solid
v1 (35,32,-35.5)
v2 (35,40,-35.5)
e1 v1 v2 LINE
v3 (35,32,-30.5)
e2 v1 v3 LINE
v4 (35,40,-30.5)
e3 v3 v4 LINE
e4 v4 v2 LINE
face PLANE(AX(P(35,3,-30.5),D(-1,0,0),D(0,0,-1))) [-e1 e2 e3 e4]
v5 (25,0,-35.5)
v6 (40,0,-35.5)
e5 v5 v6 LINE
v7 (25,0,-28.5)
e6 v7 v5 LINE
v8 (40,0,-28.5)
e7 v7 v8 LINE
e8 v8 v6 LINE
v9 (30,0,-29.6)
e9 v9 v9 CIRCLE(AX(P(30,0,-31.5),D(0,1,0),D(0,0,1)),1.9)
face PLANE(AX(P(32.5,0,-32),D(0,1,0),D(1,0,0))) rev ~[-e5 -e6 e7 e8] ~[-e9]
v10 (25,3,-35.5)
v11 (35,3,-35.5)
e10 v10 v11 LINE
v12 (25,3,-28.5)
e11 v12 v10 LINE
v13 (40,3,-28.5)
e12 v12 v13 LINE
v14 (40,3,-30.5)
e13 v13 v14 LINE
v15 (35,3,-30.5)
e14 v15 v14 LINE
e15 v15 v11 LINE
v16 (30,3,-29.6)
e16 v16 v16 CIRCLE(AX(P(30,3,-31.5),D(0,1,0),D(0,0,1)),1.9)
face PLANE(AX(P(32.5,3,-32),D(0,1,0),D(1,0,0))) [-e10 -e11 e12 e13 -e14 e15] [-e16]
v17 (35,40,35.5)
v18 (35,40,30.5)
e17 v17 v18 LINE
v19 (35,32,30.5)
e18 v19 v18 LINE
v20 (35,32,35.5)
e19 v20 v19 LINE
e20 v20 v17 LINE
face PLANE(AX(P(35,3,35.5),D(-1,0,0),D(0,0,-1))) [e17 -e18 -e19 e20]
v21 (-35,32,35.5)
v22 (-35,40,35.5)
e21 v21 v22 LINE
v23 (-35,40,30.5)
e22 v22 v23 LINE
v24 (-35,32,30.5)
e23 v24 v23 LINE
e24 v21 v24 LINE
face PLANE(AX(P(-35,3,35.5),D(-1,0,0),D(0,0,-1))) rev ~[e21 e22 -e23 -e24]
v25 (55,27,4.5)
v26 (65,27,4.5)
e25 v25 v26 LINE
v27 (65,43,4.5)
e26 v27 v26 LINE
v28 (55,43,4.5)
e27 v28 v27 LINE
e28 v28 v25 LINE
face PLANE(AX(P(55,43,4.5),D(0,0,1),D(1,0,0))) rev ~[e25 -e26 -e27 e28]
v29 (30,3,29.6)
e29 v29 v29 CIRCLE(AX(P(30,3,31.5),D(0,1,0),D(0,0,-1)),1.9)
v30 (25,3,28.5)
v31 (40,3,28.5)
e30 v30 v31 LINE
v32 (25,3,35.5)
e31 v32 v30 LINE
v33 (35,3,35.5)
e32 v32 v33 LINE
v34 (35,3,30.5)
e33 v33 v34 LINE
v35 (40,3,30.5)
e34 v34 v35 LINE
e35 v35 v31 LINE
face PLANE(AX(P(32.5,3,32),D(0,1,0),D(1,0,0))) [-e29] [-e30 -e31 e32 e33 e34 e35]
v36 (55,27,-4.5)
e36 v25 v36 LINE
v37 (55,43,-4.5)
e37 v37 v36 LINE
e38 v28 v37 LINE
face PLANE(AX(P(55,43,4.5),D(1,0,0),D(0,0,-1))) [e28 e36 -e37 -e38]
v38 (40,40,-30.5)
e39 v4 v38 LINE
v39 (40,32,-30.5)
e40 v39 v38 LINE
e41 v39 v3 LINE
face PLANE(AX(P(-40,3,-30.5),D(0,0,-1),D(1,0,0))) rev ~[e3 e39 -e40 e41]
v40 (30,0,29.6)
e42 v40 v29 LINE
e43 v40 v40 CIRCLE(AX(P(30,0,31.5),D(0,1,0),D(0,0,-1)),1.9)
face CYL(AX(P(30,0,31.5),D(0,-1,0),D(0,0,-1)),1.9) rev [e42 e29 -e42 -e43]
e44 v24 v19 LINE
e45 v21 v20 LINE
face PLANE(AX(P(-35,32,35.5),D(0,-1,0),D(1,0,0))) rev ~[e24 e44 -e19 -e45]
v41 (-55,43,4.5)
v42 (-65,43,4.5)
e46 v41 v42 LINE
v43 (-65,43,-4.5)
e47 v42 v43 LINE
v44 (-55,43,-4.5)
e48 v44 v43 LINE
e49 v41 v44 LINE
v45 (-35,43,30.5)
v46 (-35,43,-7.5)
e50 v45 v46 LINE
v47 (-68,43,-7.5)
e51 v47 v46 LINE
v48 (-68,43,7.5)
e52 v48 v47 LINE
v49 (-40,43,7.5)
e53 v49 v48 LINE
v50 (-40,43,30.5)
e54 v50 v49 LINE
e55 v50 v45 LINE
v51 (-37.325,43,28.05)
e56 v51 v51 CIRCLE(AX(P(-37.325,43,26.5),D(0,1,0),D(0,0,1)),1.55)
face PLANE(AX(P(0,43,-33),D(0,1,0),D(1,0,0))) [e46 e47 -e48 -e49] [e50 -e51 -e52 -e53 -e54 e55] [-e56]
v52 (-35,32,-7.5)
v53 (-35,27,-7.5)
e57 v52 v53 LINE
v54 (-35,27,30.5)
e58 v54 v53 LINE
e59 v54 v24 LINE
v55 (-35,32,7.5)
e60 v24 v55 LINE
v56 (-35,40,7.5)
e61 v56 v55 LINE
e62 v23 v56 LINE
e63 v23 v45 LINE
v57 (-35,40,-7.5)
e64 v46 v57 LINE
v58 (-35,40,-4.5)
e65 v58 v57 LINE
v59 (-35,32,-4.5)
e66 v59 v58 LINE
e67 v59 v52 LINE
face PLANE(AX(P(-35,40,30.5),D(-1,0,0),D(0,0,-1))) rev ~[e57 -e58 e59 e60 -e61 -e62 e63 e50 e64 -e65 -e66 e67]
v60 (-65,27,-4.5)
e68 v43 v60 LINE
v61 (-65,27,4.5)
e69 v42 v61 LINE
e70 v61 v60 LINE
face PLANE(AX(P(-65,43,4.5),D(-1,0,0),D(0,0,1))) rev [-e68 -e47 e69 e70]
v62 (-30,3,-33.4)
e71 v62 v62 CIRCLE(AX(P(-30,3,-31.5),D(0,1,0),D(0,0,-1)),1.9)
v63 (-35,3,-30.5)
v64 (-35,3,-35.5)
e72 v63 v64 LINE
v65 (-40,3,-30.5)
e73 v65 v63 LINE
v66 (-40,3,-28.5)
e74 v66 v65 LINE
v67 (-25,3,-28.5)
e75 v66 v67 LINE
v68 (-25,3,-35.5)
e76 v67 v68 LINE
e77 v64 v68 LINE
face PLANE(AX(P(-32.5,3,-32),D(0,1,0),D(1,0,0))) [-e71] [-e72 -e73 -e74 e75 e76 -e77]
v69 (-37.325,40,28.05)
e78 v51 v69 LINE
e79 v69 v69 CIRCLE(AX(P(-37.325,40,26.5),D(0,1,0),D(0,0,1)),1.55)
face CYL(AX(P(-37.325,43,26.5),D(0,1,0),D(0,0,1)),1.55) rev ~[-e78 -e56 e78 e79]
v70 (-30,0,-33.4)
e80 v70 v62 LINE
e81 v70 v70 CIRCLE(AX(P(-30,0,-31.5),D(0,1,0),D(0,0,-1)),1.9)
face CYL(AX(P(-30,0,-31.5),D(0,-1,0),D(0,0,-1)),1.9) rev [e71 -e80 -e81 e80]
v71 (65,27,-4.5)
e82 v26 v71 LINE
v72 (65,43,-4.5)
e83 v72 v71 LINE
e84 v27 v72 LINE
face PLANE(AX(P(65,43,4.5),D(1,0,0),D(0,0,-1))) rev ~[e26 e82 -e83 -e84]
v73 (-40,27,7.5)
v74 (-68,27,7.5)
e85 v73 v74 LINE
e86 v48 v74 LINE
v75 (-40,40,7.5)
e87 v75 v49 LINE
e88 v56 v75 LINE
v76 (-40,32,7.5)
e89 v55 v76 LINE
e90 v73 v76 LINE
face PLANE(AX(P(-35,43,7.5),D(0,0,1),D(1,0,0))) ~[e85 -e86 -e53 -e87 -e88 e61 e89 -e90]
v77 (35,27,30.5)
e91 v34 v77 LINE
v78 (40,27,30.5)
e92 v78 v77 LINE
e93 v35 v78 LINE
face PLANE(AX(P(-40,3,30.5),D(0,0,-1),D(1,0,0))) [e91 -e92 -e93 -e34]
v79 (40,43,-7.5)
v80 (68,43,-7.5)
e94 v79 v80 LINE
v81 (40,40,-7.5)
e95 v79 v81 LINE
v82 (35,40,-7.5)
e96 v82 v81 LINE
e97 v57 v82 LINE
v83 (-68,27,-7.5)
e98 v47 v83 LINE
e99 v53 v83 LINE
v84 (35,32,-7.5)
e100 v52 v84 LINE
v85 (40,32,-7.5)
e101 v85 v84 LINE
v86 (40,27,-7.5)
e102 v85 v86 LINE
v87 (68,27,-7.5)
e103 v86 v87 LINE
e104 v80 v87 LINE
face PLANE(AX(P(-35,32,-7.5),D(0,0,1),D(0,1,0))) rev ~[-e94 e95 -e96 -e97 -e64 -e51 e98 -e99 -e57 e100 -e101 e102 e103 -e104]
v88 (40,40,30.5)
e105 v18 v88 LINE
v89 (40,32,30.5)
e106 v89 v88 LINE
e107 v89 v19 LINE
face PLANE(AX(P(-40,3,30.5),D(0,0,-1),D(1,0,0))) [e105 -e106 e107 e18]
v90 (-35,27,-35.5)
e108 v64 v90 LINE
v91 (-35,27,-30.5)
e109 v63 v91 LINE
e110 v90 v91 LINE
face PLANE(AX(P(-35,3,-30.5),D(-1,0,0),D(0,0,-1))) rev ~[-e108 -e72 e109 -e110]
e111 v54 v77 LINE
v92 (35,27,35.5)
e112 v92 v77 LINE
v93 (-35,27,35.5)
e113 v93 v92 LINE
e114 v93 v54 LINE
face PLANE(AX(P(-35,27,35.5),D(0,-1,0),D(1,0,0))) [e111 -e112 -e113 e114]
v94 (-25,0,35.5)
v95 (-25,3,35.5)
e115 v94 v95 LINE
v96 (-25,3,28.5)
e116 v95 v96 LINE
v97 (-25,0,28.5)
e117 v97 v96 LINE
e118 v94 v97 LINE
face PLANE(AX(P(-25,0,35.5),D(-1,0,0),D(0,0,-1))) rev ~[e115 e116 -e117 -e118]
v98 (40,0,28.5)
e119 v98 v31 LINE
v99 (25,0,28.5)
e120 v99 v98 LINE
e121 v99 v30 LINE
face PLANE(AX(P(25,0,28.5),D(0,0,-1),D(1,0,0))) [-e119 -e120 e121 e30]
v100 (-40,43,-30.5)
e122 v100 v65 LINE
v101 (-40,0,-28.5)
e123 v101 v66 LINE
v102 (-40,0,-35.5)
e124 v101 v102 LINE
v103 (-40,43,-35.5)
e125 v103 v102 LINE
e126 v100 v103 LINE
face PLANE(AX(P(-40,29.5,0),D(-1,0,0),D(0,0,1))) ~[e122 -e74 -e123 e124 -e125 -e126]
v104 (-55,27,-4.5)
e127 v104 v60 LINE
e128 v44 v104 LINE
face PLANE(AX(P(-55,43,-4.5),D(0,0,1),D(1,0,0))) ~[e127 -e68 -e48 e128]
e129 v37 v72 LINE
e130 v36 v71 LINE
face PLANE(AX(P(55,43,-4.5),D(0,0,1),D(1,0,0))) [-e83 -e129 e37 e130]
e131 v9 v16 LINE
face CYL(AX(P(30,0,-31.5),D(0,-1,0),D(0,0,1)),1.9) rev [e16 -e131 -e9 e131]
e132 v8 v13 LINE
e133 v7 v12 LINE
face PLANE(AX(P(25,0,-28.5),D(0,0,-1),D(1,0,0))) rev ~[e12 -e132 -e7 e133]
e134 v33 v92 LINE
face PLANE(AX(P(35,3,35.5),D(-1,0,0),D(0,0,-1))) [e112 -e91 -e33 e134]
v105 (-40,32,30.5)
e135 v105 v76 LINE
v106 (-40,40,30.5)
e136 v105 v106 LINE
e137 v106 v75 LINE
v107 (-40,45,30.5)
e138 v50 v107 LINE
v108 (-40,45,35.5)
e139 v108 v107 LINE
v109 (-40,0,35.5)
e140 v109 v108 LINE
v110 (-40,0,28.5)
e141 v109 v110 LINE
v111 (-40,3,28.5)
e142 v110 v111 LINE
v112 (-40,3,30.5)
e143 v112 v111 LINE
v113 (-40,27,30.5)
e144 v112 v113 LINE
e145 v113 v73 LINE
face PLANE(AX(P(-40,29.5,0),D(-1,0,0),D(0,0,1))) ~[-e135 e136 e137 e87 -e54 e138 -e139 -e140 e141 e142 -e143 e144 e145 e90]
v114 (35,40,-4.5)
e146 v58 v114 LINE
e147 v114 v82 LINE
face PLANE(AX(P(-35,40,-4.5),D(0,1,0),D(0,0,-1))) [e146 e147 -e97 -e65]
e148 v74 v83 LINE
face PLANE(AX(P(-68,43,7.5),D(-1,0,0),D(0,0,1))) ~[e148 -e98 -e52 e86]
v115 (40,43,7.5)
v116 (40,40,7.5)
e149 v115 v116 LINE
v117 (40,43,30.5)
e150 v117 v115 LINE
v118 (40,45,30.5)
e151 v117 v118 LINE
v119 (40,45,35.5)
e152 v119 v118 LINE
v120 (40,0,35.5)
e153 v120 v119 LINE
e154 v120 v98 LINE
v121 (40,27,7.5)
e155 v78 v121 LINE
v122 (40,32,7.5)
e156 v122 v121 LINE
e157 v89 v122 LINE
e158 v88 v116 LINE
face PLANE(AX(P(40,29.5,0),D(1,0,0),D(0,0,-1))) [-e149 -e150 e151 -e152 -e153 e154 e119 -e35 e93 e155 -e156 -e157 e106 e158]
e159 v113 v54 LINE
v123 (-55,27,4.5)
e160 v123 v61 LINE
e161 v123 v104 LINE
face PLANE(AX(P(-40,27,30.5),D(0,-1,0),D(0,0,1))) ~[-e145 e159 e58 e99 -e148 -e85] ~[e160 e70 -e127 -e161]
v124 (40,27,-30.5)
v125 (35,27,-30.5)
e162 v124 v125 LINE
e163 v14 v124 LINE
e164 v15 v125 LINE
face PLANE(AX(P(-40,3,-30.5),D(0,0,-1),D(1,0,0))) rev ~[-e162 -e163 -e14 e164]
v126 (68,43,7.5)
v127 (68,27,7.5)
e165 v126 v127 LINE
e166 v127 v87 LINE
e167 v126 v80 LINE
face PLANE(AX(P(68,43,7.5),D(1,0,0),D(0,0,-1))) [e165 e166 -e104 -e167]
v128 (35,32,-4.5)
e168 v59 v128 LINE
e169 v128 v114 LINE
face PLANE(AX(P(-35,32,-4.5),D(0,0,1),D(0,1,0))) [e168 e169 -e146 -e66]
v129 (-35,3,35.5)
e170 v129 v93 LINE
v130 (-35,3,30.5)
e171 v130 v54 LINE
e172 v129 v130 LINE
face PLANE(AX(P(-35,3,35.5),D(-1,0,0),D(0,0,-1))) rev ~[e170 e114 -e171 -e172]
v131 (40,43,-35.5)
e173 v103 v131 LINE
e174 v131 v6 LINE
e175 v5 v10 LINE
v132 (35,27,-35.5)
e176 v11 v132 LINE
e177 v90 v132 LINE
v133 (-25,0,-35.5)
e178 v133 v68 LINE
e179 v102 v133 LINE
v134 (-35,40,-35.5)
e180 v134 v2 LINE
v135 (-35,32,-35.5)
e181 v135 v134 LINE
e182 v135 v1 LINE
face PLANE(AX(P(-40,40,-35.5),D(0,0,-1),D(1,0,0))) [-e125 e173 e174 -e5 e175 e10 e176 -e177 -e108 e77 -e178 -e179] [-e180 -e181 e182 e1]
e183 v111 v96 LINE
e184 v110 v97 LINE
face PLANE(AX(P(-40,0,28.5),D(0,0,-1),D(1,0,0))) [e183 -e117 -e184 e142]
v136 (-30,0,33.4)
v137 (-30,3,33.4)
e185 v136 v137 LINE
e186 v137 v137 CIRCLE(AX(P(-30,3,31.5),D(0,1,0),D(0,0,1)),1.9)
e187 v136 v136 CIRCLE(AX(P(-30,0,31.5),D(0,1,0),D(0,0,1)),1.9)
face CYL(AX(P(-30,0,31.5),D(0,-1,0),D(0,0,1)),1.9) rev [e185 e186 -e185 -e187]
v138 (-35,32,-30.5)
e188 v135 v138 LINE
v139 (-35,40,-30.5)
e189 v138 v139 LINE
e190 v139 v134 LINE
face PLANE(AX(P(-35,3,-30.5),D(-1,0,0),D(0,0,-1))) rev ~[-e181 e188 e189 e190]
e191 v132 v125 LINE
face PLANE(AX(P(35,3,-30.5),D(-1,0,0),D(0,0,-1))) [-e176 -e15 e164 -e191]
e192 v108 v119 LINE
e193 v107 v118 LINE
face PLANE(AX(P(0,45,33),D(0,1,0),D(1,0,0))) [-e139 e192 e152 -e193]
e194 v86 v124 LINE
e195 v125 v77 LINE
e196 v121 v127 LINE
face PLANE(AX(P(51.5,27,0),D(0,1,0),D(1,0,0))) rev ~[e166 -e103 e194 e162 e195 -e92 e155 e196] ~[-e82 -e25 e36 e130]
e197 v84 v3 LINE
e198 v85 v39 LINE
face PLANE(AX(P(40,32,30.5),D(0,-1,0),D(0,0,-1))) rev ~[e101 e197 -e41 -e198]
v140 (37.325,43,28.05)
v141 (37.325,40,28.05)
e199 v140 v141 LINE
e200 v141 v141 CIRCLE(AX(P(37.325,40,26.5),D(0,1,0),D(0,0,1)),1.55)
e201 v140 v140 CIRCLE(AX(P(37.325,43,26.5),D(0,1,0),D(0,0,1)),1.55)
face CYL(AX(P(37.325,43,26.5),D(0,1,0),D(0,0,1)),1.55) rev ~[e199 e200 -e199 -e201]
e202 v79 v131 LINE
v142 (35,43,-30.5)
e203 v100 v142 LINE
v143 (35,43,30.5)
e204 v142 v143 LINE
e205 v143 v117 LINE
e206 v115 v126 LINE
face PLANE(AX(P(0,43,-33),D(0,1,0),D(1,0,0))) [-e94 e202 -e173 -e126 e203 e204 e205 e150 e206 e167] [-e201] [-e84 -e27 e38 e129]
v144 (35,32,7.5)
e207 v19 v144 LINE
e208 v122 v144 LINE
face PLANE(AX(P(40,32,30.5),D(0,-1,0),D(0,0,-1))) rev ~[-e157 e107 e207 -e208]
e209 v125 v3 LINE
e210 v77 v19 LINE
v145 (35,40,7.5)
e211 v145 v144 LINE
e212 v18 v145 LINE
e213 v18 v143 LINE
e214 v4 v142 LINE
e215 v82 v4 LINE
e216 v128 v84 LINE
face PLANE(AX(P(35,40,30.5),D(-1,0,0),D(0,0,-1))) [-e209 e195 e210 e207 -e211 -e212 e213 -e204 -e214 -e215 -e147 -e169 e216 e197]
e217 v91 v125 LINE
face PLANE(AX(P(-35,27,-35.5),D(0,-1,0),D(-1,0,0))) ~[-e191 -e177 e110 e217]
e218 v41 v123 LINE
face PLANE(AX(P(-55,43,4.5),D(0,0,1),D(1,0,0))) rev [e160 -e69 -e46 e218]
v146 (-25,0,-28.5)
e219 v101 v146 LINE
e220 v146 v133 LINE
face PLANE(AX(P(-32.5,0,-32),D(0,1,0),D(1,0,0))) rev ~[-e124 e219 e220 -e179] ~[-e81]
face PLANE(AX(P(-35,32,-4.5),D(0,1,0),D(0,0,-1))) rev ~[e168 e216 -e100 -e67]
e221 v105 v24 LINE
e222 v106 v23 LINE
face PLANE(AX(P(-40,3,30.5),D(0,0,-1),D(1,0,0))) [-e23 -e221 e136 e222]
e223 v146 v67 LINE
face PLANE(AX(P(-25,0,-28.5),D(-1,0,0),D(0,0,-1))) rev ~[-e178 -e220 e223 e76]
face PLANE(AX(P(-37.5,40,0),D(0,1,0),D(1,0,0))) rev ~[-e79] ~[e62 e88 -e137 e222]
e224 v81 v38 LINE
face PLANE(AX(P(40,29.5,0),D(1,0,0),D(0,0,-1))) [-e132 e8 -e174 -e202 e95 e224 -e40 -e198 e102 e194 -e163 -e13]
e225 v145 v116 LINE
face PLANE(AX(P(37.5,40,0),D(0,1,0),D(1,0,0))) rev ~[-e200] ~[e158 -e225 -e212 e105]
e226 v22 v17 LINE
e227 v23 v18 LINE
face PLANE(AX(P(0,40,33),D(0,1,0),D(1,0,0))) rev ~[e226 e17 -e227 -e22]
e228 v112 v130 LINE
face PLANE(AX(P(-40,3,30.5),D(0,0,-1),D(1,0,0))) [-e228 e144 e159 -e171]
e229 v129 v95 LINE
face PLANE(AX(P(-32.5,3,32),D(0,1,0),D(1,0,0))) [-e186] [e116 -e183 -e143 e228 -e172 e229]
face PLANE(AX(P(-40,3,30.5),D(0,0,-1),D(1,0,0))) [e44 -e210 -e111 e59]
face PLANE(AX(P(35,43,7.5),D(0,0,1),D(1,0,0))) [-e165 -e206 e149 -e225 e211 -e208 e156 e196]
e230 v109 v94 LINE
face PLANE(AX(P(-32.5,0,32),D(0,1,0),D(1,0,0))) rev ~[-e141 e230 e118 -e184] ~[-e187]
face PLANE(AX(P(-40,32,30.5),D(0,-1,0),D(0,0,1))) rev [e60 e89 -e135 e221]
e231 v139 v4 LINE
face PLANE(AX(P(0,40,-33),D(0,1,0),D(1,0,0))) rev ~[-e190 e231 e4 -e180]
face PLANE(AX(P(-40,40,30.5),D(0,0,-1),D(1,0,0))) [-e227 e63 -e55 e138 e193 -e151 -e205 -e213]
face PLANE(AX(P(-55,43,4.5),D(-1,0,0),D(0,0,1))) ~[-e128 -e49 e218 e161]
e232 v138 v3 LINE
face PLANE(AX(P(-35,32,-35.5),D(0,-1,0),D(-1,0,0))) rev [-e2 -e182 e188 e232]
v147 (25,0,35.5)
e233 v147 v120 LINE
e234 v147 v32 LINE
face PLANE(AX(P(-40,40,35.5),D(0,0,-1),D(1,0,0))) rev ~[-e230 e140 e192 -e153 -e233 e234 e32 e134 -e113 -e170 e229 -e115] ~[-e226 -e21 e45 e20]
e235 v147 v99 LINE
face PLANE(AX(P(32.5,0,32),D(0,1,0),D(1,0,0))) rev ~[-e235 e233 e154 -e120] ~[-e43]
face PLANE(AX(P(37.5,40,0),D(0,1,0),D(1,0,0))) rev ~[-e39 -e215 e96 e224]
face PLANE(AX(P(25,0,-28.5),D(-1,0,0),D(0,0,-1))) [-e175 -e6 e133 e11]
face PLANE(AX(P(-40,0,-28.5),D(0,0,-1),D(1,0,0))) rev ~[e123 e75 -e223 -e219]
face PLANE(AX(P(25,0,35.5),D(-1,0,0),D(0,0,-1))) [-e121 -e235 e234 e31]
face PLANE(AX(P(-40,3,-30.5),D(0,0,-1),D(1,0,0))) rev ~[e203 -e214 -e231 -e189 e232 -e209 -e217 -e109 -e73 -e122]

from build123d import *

# Parameters (mm, degrees)
SKETCH1_W             = 15
SKETCH1_H             = 7
SKETCH1_R             = 1.9
BOSS_EXTRUDE1_DEPTH   = 3
BOSS_EXTRUDE1_2_DEPTH = 3
BOSS_EXTRUDE1_3_DEPTH = 3
BOSS_EXTRUDE1_4_DEPTH = 3
SKETCH2_W             = 5
SKETCH2_H             = 5
BOSS_EXTRUDE2_DEPTH   = 37
SKETCH4_W             = 5
SKETCH4_H             = 61
BOSS_EXTRUDE3_DEPTH   = 3
BOSS_EXTRUDE3_2_DEPTH = 3
SKETCH5_W             = 80
SKETCH5_H             = 5
BOSS_EXTRUDE5_DEPTH   = 3
SKETCH6_W             = 80
SKETCH6_H             = 5
BOSS_EXTRUDE6_DEPTH   = 5
SKETCH7_R             = 1.55
CUT_EXTRUDE1_DEPTH    = 3
SKETCH8_W             = 70
SKETCH8_H             = 5
BOSS_EXTRUDE7_DEPTH   = 5
SKETCH9_W             = 61
SKETCH9_H             = 5
BOSS_EXTRUDE8_DEPTH   = 5
SKETCH13_W            = 33
SKETCH13_H            = 15
SKETCH13_W_2          = 10
SKETCH13_H_2          = 9
BOSS_EXTRUDE10_DEPTH  = 16
SKETCH14_W            = 3
SKETCH14_H            = 8
BOSS_EXTRUDE11_DEPTH  = 70
SKETCH15_W            = 5
SKETCH15_H            = 23
CUT_EXTRUDE4_DEPTH    = 16


with BuildPart() as part:
    # Sketch1 → Boss-Extrude1 (new body)
    with BuildSketch(Plane(origin=(0, 0, 0), x_dir=(1, 0, 0), z_dir=(0, 1, 0))):
        with Locations((32.5, 32)):
            Rectangle(SKETCH1_W, SKETCH1_H)
        with Locations(Location((30, 31.5, 0), (0, 0, 270))):
            Circle(SKETCH1_R, mode=Mode.SUBTRACT)
    extrude(amount=BOSS_EXTRUDE1_DEPTH)



with BuildPart() as body_2:
    # Sketch1 → Boss-Extrude1 2 (new body)
    with BuildSketch(Plane(origin=(0, 0, 0), x_dir=(1, 0, 0), z_dir=(0, 1, 0))):
        with Locations((32.5, -32)):
            Rectangle(SKETCH1_W, SKETCH1_H)
        with Locations(Location((30, -31.5, 0), (0, 0, 90))):
            Circle(SKETCH1_R, mode=Mode.SUBTRACT)
    extrude(amount=BOSS_EXTRUDE1_2_DEPTH)


with BuildPart() as body_3:
    # Sketch1 → Boss-Extrude1 3 (new body)
    with BuildSketch(Plane(origin=(0, 0, 0), x_dir=(1, 0, 0), z_dir=(0, 1, 0))):
        with Locations((-32.5, -32)):
            Rectangle(SKETCH1_W, SKETCH1_H)
        with Locations(Location((-30, -31.5, 0), (0, 0, 270))):
            Circle(SKETCH1_R, mode=Mode.SUBTRACT)
    extrude(amount=BOSS_EXTRUDE1_3_DEPTH)


with BuildPart() as body_4:
    # Sketch1 → Boss-Extrude1 4 (new body)
    with BuildSketch(Plane(origin=(0, 0, 0), x_dir=(1, 0, 0), z_dir=(0, 1, 0))):
        with Locations((-32.5, 32)):
            Rectangle(SKETCH1_W, SKETCH1_H)
        with Locations(Location((-30, 31.5, 0), (0, 0, 90))):
            Circle(SKETCH1_R, mode=Mode.SUBTRACT)
    extrude(amount=BOSS_EXTRUDE1_4_DEPTH)


with BuildPart() as part_1:
    add(part.part)

    add(body_2.part)  # Boss-Extrude2 merges body 2

    add(body_3.part)  # Boss-Extrude2 merges body 3

    add(body_4.part)  # Boss-Extrude2 merges body 4
    # Sketch2 → Boss-Extrude2 (add)
    with BuildSketch(Plane(origin=(0, 3, 0), x_dir=(1, 0, 0), z_dir=(0, 1, 0))):
        with Locations((37.5, 33)):
            Rectangle(SKETCH2_W, SKETCH2_H)
        with Locations((37.5, -33)):
            Rectangle(SKETCH2_W, SKETCH2_H)
        with Locations((-37.5, -33)):
            Rectangle(SKETCH2_W, SKETCH2_H)
        with Locations((-37.5, 33)):
            Rectangle(SKETCH2_W, SKETCH2_H)
    extrude(amount=BOSS_EXTRUDE2_DEPTH)



with BuildPart() as body_2_2:
    # Sketch4 → Boss-Extrude3 (new body)
    with BuildSketch(Plane(origin=(0, 40, 0), x_dir=(1, 0, 0), z_dir=(0, 1, 0))):
        with Locations((37.5, 0)):
            Rectangle(SKETCH4_W, SKETCH4_H)
    extrude(amount=BOSS_EXTRUDE3_DEPTH)


with BuildPart() as body_3_2:
    # Sketch4 → Boss-Extrude3 2 (new body)
    with BuildSketch(Plane(origin=(0, 40, 0), x_dir=(1, 0, 0), z_dir=(0, 1, 0))):
        with Locations((-37.5, 0)):
            Rectangle(SKETCH4_W, SKETCH4_H)
    extrude(amount=BOSS_EXTRUDE3_2_DEPTH)


with BuildPart() as part_2:
    add(part_1.part)

    add(body_2_2.part)  # Boss-Extrude5 merges body 2 2

    add(body_3_2.part)  # Boss-Extrude5 merges body 3 2
    # Sketch5 → Boss-Extrude5 (add)
    with BuildSketch(Plane(origin=(0, 40, 0), x_dir=(1, 0, 0), z_dir=(0, 1, 0))):
        with Locations((0, 33)):
            Rectangle(SKETCH5_W, SKETCH5_H)
    extrude(amount=BOSS_EXTRUDE5_DEPTH)

    # Sketch6 → Boss-Extrude6 (add)
    with BuildSketch(Plane(origin=(0, 40, 0), x_dir=(1, 0, 0), z_dir=(0, 1, 0))):
        with Locations((0, -33)):
            Rectangle(SKETCH6_W, SKETCH6_H)
    extrude(amount=BOSS_EXTRUDE6_DEPTH)

    # Sketch7 → Cut-Extrude1 (cut)
    with BuildSketch(Plane(origin=(0, 43, 0), x_dir=(1, 0, 0), z_dir=(0, 1, 0))):
        with Locations(Location((-37.325, -26.5, 0), (0, 0, 270))):
            Circle(SKETCH7_R)
        with Locations(Location((37.325, -26.5, 0), (0, 0, 270))):
            Circle(SKETCH7_R)
    extrude(amount=-CUT_EXTRUDE1_DEPTH, mode=Mode.SUBTRACT)

    # Sketch8 → Boss-Extrude7 (add)
    with BuildSketch(Plane.XY.offset(35.5)):
        with Locations((0, 29.5)):
            Rectangle(SKETCH8_W, SKETCH8_H)
    boss_extrude7 = extrude(amount=-BOSS_EXTRUDE7_DEPTH)

    # Mirror1: Boss-Extrude7 across plane
    add(boss_extrude7.mirror(Plane.XY))

    # Sketch9 → Boss-Extrude8 (add)
    with BuildSketch(Plane(origin=(40, 0, 0), x_dir=(0, 0, -1), z_dir=(1, 0, 0))):
        with Locations((0, 29.5)):
            Rectangle(SKETCH9_W, SKETCH9_H)
    boss_extrude8 = extrude(amount=-BOSS_EXTRUDE8_DEPTH)

    # Mirror2: Boss-Extrude8 across plane
    add(boss_extrude8.mirror(Plane(origin=(0, 0, 0), x_dir=(0, 0, 1), z_dir=(1, 0, 0))))

    # Sketch13 → Boss-Extrude10 (add)
    with BuildSketch(Plane(origin=(0, 43, 0), x_dir=(1, 0, 0), z_dir=(0, 1, 0))):
        with Locations((51.5, 0)):
            Rectangle(SKETCH13_W, SKETCH13_H)
        with Locations((60, 0)):
            Rectangle(SKETCH13_W_2, SKETCH13_H_2, mode=Mode.SUBTRACT)
    boss_extrude10 = extrude(amount=-BOSS_EXTRUDE10_DEPTH)

    # Mirror3: Boss-Extrude10 across plane
    add(boss_extrude10.mirror(Plane(origin=(0, 0, 0), x_dir=(0, 0, 1), z_dir=(1, 0, 0))))

    # Sketch14 → Boss-Extrude11 (add)
    with BuildSketch(Plane(origin=(-35, 0, 0), x_dir=(0, 0, -1), z_dir=(1, 0, 0))):
        with Locations((6, 36)):
            Rectangle(SKETCH14_W, SKETCH14_H)
    extrude(amount=BOSS_EXTRUDE11_DEPTH)

    # Sketch15 → Cut-Extrude4 (cut)
    with BuildSketch(Plane(origin=(0, 43, 0), x_dir=(1, 0, 0), z_dir=(0, 1, 0))):
        with Locations((-37.5, 19)):
            Rectangle(SKETCH15_W, SKETCH15_H)
    extrude(amount=-CUT_EXTRUDE4_DEPTH, mode=Mode.SUBTRACT)


solid = part_2.part
